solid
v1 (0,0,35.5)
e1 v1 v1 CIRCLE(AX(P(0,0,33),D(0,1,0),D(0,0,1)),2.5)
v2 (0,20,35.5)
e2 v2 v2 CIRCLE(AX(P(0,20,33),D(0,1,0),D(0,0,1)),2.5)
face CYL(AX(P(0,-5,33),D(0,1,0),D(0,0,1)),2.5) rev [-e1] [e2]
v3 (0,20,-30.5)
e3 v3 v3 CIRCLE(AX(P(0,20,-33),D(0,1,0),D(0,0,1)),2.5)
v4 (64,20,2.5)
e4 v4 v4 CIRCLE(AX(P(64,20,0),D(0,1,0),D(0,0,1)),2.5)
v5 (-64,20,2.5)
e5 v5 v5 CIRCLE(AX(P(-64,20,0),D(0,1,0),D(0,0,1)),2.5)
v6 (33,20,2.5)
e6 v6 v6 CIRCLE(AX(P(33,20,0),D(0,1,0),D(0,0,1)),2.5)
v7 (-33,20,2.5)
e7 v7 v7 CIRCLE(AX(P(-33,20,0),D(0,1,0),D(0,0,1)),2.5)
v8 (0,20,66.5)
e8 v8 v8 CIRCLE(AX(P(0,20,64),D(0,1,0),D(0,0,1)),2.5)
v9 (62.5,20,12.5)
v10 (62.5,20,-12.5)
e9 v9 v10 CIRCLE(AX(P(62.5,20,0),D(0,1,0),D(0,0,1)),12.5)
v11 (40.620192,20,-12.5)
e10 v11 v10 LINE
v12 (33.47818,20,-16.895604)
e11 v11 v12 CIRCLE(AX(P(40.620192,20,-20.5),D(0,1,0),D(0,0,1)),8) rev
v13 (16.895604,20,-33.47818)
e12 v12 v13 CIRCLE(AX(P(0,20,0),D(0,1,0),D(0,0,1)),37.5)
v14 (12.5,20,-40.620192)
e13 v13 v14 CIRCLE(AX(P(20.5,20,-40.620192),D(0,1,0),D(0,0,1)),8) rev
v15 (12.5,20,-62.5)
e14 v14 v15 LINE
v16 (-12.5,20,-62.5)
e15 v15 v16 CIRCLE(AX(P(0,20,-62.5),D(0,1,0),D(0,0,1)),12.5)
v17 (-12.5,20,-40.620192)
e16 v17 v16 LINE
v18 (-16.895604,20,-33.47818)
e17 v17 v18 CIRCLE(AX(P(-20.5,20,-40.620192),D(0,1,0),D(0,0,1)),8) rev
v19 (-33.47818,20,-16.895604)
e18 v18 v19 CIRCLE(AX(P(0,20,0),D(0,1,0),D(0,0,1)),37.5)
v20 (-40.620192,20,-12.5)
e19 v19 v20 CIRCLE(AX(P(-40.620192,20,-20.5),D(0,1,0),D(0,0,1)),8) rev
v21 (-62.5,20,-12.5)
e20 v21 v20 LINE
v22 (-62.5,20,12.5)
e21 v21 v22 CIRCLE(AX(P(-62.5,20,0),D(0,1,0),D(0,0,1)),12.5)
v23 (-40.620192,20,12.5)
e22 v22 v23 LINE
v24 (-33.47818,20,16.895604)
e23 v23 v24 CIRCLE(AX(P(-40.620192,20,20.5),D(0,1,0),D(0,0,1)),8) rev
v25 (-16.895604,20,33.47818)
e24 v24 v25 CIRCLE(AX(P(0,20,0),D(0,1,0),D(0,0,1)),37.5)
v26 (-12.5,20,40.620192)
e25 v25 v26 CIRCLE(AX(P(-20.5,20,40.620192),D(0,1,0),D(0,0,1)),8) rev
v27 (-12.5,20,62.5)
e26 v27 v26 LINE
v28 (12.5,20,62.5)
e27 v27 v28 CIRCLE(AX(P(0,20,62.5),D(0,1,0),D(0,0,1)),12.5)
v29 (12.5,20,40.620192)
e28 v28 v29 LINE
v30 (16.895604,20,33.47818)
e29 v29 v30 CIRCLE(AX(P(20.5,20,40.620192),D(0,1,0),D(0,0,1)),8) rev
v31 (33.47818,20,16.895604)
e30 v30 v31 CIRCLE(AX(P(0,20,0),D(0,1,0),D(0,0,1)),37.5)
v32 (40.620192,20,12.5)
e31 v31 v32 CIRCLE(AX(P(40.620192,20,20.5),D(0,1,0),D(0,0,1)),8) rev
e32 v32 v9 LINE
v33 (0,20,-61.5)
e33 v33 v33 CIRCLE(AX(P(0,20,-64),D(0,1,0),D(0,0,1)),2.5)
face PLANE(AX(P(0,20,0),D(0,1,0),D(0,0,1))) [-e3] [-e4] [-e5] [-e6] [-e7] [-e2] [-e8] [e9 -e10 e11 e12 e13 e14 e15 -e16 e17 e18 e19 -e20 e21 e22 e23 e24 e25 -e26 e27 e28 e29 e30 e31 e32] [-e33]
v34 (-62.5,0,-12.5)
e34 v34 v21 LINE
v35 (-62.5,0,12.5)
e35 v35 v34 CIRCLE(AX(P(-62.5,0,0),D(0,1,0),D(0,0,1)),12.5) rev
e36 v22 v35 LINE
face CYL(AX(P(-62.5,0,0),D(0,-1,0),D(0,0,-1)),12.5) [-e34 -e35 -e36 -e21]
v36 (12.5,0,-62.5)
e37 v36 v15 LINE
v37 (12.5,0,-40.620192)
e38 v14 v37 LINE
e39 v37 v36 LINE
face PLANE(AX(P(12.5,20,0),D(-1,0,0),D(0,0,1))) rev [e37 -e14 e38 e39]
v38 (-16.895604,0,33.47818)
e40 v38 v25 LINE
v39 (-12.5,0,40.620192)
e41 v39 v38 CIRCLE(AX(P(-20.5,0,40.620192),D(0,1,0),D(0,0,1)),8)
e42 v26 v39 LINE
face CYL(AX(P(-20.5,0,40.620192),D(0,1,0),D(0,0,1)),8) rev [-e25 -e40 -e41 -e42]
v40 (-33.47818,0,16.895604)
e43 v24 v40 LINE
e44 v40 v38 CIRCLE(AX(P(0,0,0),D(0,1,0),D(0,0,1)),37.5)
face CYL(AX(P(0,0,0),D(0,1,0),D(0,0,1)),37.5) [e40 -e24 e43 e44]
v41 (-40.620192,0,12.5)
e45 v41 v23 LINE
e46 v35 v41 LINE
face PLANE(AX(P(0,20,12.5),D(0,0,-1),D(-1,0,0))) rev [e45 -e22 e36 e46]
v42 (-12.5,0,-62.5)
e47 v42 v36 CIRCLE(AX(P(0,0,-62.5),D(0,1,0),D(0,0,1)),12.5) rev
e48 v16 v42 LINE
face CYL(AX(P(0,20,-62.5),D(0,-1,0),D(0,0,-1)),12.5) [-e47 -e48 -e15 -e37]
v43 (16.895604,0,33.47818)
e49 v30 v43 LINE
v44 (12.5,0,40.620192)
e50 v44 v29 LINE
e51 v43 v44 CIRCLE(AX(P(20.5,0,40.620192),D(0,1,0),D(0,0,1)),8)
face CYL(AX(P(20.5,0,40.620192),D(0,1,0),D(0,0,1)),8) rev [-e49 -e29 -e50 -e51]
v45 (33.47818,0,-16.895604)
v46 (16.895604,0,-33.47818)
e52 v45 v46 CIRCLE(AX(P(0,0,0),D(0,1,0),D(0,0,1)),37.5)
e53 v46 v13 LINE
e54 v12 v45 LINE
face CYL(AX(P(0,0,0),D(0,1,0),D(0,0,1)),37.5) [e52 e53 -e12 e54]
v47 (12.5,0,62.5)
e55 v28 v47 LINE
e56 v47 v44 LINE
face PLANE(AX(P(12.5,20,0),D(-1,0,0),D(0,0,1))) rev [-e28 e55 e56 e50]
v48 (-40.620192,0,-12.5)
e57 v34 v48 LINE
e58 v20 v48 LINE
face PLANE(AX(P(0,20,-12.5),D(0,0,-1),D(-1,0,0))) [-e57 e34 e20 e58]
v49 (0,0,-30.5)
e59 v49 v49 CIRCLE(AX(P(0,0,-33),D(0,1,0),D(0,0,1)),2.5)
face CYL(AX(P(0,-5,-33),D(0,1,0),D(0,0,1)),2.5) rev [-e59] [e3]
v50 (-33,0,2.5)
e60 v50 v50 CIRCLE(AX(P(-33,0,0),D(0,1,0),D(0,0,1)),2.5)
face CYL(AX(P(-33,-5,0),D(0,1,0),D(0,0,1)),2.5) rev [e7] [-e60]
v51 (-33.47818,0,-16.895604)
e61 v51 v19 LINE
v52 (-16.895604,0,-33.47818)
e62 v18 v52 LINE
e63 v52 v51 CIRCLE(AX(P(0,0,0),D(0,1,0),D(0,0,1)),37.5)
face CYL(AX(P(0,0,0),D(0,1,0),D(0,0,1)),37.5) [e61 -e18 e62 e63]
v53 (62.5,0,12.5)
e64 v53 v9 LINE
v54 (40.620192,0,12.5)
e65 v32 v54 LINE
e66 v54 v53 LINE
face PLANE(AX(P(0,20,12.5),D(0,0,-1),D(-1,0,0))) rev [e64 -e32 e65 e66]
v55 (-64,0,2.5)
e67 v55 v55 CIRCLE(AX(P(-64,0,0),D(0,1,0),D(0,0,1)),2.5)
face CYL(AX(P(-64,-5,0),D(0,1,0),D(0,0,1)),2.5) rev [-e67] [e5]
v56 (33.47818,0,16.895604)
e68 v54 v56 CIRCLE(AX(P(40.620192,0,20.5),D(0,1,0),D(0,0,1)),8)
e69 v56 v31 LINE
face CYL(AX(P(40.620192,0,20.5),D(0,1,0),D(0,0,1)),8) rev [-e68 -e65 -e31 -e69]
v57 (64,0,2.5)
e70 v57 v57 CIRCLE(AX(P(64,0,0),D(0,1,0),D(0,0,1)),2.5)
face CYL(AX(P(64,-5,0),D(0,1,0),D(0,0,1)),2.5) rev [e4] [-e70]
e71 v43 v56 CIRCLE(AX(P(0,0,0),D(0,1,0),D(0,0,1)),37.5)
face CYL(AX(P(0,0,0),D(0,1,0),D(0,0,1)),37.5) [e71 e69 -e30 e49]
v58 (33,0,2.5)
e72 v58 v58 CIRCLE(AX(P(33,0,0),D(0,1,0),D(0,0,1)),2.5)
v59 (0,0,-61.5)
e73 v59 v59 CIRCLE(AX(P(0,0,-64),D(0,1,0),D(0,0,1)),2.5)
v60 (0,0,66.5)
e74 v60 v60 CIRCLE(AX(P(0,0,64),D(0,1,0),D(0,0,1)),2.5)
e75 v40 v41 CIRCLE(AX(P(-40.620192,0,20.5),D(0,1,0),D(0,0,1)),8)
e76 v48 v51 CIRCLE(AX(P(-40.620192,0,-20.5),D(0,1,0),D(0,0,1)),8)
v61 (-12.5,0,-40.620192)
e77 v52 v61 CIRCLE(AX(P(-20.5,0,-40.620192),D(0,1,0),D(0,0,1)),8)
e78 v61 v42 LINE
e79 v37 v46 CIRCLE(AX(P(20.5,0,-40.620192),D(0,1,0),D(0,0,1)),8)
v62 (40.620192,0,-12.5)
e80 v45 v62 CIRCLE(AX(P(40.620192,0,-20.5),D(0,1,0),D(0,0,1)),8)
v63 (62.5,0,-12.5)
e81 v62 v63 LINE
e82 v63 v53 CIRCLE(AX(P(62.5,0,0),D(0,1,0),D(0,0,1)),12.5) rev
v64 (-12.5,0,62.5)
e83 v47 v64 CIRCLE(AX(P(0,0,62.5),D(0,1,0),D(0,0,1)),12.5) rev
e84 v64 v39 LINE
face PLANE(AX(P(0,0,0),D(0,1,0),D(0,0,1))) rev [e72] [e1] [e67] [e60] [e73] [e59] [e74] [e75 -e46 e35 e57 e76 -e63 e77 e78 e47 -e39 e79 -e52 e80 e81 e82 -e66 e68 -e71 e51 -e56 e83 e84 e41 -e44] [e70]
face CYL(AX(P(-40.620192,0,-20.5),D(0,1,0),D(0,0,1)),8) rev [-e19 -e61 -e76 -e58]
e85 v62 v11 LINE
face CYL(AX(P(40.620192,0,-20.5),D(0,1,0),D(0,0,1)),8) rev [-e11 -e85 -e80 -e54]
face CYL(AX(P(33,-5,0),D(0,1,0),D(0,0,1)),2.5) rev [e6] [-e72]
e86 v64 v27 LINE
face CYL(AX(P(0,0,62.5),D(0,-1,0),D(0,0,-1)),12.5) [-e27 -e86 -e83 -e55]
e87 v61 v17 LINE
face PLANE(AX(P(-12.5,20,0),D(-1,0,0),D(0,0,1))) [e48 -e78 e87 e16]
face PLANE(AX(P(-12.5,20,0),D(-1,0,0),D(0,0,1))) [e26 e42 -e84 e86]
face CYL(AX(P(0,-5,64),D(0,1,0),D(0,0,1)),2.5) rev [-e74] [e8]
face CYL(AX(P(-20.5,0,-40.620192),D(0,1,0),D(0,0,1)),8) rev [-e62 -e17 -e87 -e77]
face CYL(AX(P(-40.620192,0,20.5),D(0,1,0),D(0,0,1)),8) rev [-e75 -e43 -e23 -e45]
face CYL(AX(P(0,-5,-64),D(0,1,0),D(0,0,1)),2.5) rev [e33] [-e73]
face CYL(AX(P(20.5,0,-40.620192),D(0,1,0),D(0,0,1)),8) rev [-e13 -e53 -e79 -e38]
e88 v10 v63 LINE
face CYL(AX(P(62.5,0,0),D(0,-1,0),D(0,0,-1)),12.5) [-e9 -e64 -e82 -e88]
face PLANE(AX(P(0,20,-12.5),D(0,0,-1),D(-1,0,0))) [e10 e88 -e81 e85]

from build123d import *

# Parameters (mm, degrees)
SKETCH2_W           = 25
SKETCH2_H           = 62.5
SKETCH2_H_2         = 25
SKETCH2_W_2         = 62.5
BOSS_EXTRUDE3_DEPTH = 20
FILLET1_R           = 10
FILLET2_R           = 10
FILLET3_R           = 10
FILLET4_R           = 10
FILLET5_RADIUS      = 12.5
FILLET5_LENGTH      = 20
FILLET6_RADIUS      = 12.5
FILLET6_LENGTH      = 20
FILLET7_RADIUS      = 12.5
FILLET7_LENGTH      = 20
FILLET8_RADIUS      = 12.5
FILLET8_LENGTH      = 20
SKETCH4_R           = 2.5
CUT_EXTRUDE2_DEPTH  = 25
SKETCH5_R           = 37.5
BOSS_EXTRUDE4_DEPTH = 20
SKETCH7_R           = 2.5
CUT_EXTRUDE3_DEPTH  = 25
FILLET9_R           = 8


with BuildPart() as part:
    # Sketch2 → Boss-Extrude3 (new body)
    with BuildSketch(Plane(origin=(0, 0, 0), x_dir=(1, 0, 0), z_dir=(0, 1, 0))):
        with Locations((0, -43.75)):
            Rectangle(SKETCH2_W, SKETCH2_H)
        Rectangle(SKETCH2_W, SKETCH2_H_2)
        with Locations((0, 43.75)):
            Rectangle(SKETCH2_W, SKETCH2_H)
        with Locations((-43.75, 0)):
            Rectangle(SKETCH2_W_2, SKETCH2_H_2)
        with Locations((43.75, 0)):
            Rectangle(SKETCH2_W_2, SKETCH2_H_2)
    extrude(amount=BOSS_EXTRUDE3_DEPTH)

    # Fillet1
    fillet1_edges = [part.edges().sort_by_distance(p)[0] for p in [
        (-12.5, 10, 12.5),
    ]]
    fillet(fillet1_edges, radius=FILLET1_R)

    # Fillet2
    fillet2_edges = [part.edges().sort_by_distance(p)[0] for p in [
        (12.5, 10, 12.5),
    ]]
    fillet(fillet2_edges, radius=FILLET2_R)

    # Fillet3
    fillet3_edges = [part.edges().sort_by_distance(p)[0] for p in [
        (-12.5, 10, -12.5),
    ]]
    fillet(fillet3_edges, radius=FILLET3_R)

    # Fillet4
    fillet4_edges = [part.edges().sort_by_distance(p)[0] for p in [
        (12.5, 10, -12.5),
    ]]
    fillet(fillet4_edges, radius=FILLET4_R)

    # Fillet5: full round fillet: the end face becomes a half cylinder, R = half its width
    fillet5_face = Plane((75, 10, 0), x_dir=(0, 1, 0), z_dir=(1, 0, 0))  # on the end face: x along it, z out of the body
    fillet5_slab = fillet5_face.offset(-FILLET5_RADIUS / 2) * Box(FILLET5_LENGTH, 2 * FILLET5_RADIUS, FILLET5_RADIUS, mode=Mode.PRIVATE)  # the body's end, R deep
    fillet5_round = Plane((62.5, 10, 0), x_dir=(1, 0, 0), z_dir=(0, 1, 0)) * Cylinder(FILLET5_RADIUS, FILLET5_LENGTH, mode=Mode.PRIVATE)  # its axis R under the face
    add(fillet5_slab - fillet5_round, mode=Mode.SUBTRACT)

    # Fillet6: full round fillet: the end face becomes a half cylinder, R = half its width
    fillet6_face = Plane((0, 10, 75), x_dir=(0, 1, 0), z_dir=(0, 0, 1))  # on the end face: x along it, z out of the body
    fillet6_slab = fillet6_face.offset(-FILLET6_RADIUS / 2) * Box(FILLET6_LENGTH, 2 * FILLET6_RADIUS, FILLET6_RADIUS, mode=Mode.PRIVATE)  # the body's end, R deep
    fillet6_round = Plane((0, 10, 62.5), x_dir=(0, 0, 1), z_dir=(0, 1, 0)) * Cylinder(FILLET6_RADIUS, FILLET6_LENGTH, mode=Mode.PRIVATE)  # its axis R under the face
    add(fillet6_slab - fillet6_round, mode=Mode.SUBTRACT)

    # Fillet7: full round fillet: the end face becomes a half cylinder, R = half its width
    fillet7_face = Plane((-75, 10, 0), x_dir=(0, 1, 0), z_dir=(-1, 0, 0))  # on the end face: x along it, z out of the body
    fillet7_slab = fillet7_face.offset(-FILLET7_RADIUS / 2) * Box(FILLET7_LENGTH, 2 * FILLET7_RADIUS, FILLET7_RADIUS, mode=Mode.PRIVATE)  # the body's end, R deep
    fillet7_round = Plane((-62.5, 10, 0), x_dir=(-1, 0, 0), z_dir=(0, 1, 0)) * Cylinder(FILLET7_RADIUS, FILLET7_LENGTH, mode=Mode.PRIVATE)  # its axis R under the face
    add(fillet7_slab - fillet7_round, mode=Mode.SUBTRACT)

    # Fillet8: full round fillet: the end face becomes a half cylinder, R = half its width
    fillet8_face = Plane((0, 10, -75), x_dir=(0, 1, 0), z_dir=(0, 0, -1))  # on the end face: x along it, z out of the body
    fillet8_slab = fillet8_face.offset(-FILLET8_RADIUS / 2) * Box(FILLET8_LENGTH, 2 * FILLET8_RADIUS, FILLET8_RADIUS, mode=Mode.PRIVATE)  # the body's end, R deep
    fillet8_round = Plane((0, 10, -62.5), x_dir=(0, 0, -1), z_dir=(0, 1, 0)) * Cylinder(FILLET8_RADIUS, FILLET8_LENGTH, mode=Mode.PRIVATE)  # its axis R under the face
    add(fillet8_slab - fillet8_round, mode=Mode.SUBTRACT)

    # Sketch4 → Cut-Extrude2 (cut)
    with BuildSketch(Plane(origin=(0, 20, 0), x_dir=(1, 0, 0), z_dir=(0, 1, 0))):
        with Locations(Location((64, 0, 0), (0, 0, 270))):
            Circle(SKETCH4_R)
        with Locations(Location((0, -64, 0), (0, 0, 270))):
            Circle(SKETCH4_R)
        with Locations(Location((-64, 0, 0), (0, 0, 270))):
            Circle(SKETCH4_R)
        with Locations(Location((0, 64, 0), (0, 0, 270))):
            Circle(SKETCH4_R)
    extrude(amount=-CUT_EXTRUDE2_DEPTH, mode=Mode.SUBTRACT)

    # Sketch5 → Boss-Extrude4 (add)
    with BuildSketch(Plane(origin=(0, 20, 0), x_dir=(1, 0, 0), z_dir=(0, 1, 0))):
        Circle(SKETCH5_R)
    extrude(amount=-BOSS_EXTRUDE4_DEPTH)

    # Sketch7 → Cut-Extrude3 (cut)
    with BuildSketch(Plane(origin=(0, 20, 0), x_dir=(1, 0, 0), z_dir=(0, 1, 0))):
        with Locations(Location((0, 33, 0), (0, 0, 270))):
            Circle(SKETCH7_R)
        with Locations(Location((33, 0, 0), (0, 0, 270))):
            Circle(SKETCH7_R)
        with Locations(Location((0, -33, 0), (0, 0, 270))):
            Circle(SKETCH7_R)
        with Locations(Location((-33, 0, 0), (0, 0, 270))):
            Circle(SKETCH7_R)
    extrude(amount=-CUT_EXTRUDE3_DEPTH, mode=Mode.SUBTRACT)

    # Fillet9
    fillet9_edges = [part.edges().sort_by_distance(p)[0] for p in [
        (12.5, 10, 35.355339059),
        (35.355339059, 10, 12.5),
        (35.355339059, 10, -12.5),
        (12.5, 10, -35.355339059),
        (-35.355339059, 10, 12.5),
        (-12.5, 10, 35.355339059),
        (-12.5, 10, -35.355339059),
        (-35.355339059, 10, -12.5),
    ]]
    fillet(fillet9_edges, radius=FILLET9_R)


solid = part.part
